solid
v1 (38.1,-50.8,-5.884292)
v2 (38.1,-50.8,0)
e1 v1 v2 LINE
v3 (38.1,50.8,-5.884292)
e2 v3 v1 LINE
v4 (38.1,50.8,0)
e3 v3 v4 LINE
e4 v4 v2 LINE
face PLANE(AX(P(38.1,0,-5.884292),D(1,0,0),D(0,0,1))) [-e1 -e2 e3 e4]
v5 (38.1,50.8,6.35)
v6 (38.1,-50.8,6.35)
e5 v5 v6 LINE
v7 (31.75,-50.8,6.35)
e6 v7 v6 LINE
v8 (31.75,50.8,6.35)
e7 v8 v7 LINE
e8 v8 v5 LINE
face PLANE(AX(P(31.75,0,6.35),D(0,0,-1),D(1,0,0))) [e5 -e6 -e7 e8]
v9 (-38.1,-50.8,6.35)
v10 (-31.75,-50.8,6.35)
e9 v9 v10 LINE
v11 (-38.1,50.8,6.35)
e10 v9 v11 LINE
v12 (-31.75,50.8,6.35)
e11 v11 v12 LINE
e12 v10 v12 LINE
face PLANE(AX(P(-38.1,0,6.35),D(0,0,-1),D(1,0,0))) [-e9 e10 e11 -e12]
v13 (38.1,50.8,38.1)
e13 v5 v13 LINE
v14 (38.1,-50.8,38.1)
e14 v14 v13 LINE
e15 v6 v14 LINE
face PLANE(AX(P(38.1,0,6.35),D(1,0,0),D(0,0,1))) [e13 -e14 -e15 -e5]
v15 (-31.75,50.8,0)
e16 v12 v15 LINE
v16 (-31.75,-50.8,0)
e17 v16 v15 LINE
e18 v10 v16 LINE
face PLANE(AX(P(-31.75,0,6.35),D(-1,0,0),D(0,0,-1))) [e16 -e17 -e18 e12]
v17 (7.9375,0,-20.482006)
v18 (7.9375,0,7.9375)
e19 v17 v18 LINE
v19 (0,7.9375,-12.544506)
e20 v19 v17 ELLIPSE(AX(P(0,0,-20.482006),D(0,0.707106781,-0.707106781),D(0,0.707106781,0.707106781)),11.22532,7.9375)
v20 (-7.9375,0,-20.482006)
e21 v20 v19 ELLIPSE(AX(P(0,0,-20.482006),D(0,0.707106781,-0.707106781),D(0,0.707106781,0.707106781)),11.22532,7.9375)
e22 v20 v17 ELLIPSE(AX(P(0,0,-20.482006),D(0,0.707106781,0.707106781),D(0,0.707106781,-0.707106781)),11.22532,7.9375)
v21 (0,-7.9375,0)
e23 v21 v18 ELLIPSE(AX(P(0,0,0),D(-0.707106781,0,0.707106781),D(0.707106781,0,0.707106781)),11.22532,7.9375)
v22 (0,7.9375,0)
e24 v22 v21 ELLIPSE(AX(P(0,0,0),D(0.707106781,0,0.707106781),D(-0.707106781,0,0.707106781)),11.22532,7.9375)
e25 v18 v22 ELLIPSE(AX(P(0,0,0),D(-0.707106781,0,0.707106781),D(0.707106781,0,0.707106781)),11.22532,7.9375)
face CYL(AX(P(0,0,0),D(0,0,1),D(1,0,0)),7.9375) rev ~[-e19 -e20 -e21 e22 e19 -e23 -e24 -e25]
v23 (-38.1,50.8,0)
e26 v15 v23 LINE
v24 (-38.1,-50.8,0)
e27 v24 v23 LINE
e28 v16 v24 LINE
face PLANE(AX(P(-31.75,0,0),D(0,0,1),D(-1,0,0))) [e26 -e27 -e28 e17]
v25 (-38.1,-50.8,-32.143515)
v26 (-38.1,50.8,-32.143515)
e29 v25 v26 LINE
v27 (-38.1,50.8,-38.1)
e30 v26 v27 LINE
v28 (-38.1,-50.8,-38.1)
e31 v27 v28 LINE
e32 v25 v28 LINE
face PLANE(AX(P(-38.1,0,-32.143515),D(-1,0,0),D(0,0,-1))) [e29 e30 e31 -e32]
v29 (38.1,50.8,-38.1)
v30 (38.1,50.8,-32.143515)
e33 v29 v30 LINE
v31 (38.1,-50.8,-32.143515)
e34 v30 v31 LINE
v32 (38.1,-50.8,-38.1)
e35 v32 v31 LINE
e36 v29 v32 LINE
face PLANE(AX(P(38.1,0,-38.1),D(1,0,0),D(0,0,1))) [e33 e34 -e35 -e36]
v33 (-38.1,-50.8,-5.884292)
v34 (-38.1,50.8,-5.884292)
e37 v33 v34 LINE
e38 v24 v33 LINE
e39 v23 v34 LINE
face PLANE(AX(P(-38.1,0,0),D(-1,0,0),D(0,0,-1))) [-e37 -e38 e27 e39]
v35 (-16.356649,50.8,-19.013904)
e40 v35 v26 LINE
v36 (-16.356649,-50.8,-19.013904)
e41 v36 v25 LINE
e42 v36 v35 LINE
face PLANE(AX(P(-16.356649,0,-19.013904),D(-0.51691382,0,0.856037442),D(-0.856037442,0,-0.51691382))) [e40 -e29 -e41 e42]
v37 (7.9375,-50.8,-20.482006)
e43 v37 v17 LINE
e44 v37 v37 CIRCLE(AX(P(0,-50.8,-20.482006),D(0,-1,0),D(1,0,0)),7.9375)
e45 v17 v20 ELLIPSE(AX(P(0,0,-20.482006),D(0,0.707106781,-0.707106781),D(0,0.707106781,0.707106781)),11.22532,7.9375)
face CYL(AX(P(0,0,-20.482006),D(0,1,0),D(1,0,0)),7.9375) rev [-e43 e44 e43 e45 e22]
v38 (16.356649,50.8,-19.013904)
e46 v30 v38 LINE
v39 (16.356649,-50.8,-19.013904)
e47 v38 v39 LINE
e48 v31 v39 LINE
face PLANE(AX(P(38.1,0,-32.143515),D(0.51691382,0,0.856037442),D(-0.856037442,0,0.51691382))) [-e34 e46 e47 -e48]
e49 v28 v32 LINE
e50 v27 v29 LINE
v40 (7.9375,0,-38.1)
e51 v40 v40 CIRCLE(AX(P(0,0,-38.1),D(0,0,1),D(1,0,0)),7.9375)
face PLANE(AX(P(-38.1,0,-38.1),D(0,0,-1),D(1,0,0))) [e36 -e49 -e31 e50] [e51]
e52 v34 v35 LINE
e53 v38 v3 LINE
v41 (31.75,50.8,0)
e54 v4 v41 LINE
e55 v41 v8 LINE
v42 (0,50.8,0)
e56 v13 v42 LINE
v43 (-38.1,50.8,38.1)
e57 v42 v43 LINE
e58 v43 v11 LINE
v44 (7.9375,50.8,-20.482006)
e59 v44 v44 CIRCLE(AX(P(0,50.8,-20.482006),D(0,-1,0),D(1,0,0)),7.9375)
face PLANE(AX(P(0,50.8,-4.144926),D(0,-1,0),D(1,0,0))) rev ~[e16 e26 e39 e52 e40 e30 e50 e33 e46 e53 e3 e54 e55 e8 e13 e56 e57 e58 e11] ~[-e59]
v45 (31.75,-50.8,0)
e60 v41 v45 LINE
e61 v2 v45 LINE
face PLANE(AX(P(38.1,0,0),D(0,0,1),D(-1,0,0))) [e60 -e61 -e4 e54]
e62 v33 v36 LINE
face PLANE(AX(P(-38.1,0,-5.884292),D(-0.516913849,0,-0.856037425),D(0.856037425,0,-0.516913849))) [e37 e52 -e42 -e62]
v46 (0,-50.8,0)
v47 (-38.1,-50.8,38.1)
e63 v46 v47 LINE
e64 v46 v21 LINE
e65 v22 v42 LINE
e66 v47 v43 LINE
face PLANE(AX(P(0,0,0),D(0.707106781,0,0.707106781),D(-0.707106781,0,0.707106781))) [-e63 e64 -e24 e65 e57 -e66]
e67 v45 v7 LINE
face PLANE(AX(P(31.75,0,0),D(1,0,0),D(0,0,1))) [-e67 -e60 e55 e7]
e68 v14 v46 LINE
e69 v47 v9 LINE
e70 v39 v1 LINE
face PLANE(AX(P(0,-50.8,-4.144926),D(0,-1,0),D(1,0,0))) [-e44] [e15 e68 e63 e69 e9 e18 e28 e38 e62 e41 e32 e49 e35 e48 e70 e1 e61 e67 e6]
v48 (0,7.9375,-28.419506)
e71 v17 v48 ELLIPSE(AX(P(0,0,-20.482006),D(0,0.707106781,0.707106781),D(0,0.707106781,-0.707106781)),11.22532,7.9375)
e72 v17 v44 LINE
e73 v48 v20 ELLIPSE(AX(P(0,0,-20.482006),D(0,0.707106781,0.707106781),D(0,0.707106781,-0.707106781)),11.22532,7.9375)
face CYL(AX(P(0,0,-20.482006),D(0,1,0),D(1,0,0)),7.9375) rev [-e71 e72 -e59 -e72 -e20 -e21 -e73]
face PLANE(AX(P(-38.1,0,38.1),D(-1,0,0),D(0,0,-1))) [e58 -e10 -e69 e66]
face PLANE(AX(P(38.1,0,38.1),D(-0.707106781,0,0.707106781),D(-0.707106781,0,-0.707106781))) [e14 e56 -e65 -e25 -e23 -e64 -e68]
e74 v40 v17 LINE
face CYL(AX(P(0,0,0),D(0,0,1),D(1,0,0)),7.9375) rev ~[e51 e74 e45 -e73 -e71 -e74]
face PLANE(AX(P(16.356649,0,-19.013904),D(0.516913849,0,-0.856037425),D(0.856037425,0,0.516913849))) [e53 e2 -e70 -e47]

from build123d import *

# Parameters (mm, degrees)
F0_R     = 7.9375
F1_DEPTH = 50.8
F2_R     = 7.9375
F3_DEPTH = 50.8


with BuildPart() as f1:
    # F0 (on Front) → F1 (new body, symmetric)
    with BuildSketch(Plane.XZ):
        Polygon((-38.1, -32.143515), (-38.1, -38.1), (38.1, -38.1), (38.1, -32.143515), (16.356649, -19.013904), (38.1, -5.884292), (38.1, 0), (31.75, 0), (31.75, 6.35), (38.1, 6.35), (38.1, 38.1), (0, 0), (-38.1, 38.1), (-38.1, 6.35), (-31.75, 6.35), (-31.75, 0), (-38.1, 0), (-38.1, -5.884292), (-16.356649, -19.013904), align=None)
        with Locations((0, -20.482006)):
            Circle(F0_R, mode=Mode.SUBTRACT)
    extrude(amount=F1_DEPTH, both=True)

    # F2 (on Top) → F3 (cut, symmetric)
    with BuildSketch(Plane.XY):
        Circle(F2_R)
    extrude(amount=F3_DEPTH, both=True, mode=Mode.SUBTRACT)


solid = f1.part
